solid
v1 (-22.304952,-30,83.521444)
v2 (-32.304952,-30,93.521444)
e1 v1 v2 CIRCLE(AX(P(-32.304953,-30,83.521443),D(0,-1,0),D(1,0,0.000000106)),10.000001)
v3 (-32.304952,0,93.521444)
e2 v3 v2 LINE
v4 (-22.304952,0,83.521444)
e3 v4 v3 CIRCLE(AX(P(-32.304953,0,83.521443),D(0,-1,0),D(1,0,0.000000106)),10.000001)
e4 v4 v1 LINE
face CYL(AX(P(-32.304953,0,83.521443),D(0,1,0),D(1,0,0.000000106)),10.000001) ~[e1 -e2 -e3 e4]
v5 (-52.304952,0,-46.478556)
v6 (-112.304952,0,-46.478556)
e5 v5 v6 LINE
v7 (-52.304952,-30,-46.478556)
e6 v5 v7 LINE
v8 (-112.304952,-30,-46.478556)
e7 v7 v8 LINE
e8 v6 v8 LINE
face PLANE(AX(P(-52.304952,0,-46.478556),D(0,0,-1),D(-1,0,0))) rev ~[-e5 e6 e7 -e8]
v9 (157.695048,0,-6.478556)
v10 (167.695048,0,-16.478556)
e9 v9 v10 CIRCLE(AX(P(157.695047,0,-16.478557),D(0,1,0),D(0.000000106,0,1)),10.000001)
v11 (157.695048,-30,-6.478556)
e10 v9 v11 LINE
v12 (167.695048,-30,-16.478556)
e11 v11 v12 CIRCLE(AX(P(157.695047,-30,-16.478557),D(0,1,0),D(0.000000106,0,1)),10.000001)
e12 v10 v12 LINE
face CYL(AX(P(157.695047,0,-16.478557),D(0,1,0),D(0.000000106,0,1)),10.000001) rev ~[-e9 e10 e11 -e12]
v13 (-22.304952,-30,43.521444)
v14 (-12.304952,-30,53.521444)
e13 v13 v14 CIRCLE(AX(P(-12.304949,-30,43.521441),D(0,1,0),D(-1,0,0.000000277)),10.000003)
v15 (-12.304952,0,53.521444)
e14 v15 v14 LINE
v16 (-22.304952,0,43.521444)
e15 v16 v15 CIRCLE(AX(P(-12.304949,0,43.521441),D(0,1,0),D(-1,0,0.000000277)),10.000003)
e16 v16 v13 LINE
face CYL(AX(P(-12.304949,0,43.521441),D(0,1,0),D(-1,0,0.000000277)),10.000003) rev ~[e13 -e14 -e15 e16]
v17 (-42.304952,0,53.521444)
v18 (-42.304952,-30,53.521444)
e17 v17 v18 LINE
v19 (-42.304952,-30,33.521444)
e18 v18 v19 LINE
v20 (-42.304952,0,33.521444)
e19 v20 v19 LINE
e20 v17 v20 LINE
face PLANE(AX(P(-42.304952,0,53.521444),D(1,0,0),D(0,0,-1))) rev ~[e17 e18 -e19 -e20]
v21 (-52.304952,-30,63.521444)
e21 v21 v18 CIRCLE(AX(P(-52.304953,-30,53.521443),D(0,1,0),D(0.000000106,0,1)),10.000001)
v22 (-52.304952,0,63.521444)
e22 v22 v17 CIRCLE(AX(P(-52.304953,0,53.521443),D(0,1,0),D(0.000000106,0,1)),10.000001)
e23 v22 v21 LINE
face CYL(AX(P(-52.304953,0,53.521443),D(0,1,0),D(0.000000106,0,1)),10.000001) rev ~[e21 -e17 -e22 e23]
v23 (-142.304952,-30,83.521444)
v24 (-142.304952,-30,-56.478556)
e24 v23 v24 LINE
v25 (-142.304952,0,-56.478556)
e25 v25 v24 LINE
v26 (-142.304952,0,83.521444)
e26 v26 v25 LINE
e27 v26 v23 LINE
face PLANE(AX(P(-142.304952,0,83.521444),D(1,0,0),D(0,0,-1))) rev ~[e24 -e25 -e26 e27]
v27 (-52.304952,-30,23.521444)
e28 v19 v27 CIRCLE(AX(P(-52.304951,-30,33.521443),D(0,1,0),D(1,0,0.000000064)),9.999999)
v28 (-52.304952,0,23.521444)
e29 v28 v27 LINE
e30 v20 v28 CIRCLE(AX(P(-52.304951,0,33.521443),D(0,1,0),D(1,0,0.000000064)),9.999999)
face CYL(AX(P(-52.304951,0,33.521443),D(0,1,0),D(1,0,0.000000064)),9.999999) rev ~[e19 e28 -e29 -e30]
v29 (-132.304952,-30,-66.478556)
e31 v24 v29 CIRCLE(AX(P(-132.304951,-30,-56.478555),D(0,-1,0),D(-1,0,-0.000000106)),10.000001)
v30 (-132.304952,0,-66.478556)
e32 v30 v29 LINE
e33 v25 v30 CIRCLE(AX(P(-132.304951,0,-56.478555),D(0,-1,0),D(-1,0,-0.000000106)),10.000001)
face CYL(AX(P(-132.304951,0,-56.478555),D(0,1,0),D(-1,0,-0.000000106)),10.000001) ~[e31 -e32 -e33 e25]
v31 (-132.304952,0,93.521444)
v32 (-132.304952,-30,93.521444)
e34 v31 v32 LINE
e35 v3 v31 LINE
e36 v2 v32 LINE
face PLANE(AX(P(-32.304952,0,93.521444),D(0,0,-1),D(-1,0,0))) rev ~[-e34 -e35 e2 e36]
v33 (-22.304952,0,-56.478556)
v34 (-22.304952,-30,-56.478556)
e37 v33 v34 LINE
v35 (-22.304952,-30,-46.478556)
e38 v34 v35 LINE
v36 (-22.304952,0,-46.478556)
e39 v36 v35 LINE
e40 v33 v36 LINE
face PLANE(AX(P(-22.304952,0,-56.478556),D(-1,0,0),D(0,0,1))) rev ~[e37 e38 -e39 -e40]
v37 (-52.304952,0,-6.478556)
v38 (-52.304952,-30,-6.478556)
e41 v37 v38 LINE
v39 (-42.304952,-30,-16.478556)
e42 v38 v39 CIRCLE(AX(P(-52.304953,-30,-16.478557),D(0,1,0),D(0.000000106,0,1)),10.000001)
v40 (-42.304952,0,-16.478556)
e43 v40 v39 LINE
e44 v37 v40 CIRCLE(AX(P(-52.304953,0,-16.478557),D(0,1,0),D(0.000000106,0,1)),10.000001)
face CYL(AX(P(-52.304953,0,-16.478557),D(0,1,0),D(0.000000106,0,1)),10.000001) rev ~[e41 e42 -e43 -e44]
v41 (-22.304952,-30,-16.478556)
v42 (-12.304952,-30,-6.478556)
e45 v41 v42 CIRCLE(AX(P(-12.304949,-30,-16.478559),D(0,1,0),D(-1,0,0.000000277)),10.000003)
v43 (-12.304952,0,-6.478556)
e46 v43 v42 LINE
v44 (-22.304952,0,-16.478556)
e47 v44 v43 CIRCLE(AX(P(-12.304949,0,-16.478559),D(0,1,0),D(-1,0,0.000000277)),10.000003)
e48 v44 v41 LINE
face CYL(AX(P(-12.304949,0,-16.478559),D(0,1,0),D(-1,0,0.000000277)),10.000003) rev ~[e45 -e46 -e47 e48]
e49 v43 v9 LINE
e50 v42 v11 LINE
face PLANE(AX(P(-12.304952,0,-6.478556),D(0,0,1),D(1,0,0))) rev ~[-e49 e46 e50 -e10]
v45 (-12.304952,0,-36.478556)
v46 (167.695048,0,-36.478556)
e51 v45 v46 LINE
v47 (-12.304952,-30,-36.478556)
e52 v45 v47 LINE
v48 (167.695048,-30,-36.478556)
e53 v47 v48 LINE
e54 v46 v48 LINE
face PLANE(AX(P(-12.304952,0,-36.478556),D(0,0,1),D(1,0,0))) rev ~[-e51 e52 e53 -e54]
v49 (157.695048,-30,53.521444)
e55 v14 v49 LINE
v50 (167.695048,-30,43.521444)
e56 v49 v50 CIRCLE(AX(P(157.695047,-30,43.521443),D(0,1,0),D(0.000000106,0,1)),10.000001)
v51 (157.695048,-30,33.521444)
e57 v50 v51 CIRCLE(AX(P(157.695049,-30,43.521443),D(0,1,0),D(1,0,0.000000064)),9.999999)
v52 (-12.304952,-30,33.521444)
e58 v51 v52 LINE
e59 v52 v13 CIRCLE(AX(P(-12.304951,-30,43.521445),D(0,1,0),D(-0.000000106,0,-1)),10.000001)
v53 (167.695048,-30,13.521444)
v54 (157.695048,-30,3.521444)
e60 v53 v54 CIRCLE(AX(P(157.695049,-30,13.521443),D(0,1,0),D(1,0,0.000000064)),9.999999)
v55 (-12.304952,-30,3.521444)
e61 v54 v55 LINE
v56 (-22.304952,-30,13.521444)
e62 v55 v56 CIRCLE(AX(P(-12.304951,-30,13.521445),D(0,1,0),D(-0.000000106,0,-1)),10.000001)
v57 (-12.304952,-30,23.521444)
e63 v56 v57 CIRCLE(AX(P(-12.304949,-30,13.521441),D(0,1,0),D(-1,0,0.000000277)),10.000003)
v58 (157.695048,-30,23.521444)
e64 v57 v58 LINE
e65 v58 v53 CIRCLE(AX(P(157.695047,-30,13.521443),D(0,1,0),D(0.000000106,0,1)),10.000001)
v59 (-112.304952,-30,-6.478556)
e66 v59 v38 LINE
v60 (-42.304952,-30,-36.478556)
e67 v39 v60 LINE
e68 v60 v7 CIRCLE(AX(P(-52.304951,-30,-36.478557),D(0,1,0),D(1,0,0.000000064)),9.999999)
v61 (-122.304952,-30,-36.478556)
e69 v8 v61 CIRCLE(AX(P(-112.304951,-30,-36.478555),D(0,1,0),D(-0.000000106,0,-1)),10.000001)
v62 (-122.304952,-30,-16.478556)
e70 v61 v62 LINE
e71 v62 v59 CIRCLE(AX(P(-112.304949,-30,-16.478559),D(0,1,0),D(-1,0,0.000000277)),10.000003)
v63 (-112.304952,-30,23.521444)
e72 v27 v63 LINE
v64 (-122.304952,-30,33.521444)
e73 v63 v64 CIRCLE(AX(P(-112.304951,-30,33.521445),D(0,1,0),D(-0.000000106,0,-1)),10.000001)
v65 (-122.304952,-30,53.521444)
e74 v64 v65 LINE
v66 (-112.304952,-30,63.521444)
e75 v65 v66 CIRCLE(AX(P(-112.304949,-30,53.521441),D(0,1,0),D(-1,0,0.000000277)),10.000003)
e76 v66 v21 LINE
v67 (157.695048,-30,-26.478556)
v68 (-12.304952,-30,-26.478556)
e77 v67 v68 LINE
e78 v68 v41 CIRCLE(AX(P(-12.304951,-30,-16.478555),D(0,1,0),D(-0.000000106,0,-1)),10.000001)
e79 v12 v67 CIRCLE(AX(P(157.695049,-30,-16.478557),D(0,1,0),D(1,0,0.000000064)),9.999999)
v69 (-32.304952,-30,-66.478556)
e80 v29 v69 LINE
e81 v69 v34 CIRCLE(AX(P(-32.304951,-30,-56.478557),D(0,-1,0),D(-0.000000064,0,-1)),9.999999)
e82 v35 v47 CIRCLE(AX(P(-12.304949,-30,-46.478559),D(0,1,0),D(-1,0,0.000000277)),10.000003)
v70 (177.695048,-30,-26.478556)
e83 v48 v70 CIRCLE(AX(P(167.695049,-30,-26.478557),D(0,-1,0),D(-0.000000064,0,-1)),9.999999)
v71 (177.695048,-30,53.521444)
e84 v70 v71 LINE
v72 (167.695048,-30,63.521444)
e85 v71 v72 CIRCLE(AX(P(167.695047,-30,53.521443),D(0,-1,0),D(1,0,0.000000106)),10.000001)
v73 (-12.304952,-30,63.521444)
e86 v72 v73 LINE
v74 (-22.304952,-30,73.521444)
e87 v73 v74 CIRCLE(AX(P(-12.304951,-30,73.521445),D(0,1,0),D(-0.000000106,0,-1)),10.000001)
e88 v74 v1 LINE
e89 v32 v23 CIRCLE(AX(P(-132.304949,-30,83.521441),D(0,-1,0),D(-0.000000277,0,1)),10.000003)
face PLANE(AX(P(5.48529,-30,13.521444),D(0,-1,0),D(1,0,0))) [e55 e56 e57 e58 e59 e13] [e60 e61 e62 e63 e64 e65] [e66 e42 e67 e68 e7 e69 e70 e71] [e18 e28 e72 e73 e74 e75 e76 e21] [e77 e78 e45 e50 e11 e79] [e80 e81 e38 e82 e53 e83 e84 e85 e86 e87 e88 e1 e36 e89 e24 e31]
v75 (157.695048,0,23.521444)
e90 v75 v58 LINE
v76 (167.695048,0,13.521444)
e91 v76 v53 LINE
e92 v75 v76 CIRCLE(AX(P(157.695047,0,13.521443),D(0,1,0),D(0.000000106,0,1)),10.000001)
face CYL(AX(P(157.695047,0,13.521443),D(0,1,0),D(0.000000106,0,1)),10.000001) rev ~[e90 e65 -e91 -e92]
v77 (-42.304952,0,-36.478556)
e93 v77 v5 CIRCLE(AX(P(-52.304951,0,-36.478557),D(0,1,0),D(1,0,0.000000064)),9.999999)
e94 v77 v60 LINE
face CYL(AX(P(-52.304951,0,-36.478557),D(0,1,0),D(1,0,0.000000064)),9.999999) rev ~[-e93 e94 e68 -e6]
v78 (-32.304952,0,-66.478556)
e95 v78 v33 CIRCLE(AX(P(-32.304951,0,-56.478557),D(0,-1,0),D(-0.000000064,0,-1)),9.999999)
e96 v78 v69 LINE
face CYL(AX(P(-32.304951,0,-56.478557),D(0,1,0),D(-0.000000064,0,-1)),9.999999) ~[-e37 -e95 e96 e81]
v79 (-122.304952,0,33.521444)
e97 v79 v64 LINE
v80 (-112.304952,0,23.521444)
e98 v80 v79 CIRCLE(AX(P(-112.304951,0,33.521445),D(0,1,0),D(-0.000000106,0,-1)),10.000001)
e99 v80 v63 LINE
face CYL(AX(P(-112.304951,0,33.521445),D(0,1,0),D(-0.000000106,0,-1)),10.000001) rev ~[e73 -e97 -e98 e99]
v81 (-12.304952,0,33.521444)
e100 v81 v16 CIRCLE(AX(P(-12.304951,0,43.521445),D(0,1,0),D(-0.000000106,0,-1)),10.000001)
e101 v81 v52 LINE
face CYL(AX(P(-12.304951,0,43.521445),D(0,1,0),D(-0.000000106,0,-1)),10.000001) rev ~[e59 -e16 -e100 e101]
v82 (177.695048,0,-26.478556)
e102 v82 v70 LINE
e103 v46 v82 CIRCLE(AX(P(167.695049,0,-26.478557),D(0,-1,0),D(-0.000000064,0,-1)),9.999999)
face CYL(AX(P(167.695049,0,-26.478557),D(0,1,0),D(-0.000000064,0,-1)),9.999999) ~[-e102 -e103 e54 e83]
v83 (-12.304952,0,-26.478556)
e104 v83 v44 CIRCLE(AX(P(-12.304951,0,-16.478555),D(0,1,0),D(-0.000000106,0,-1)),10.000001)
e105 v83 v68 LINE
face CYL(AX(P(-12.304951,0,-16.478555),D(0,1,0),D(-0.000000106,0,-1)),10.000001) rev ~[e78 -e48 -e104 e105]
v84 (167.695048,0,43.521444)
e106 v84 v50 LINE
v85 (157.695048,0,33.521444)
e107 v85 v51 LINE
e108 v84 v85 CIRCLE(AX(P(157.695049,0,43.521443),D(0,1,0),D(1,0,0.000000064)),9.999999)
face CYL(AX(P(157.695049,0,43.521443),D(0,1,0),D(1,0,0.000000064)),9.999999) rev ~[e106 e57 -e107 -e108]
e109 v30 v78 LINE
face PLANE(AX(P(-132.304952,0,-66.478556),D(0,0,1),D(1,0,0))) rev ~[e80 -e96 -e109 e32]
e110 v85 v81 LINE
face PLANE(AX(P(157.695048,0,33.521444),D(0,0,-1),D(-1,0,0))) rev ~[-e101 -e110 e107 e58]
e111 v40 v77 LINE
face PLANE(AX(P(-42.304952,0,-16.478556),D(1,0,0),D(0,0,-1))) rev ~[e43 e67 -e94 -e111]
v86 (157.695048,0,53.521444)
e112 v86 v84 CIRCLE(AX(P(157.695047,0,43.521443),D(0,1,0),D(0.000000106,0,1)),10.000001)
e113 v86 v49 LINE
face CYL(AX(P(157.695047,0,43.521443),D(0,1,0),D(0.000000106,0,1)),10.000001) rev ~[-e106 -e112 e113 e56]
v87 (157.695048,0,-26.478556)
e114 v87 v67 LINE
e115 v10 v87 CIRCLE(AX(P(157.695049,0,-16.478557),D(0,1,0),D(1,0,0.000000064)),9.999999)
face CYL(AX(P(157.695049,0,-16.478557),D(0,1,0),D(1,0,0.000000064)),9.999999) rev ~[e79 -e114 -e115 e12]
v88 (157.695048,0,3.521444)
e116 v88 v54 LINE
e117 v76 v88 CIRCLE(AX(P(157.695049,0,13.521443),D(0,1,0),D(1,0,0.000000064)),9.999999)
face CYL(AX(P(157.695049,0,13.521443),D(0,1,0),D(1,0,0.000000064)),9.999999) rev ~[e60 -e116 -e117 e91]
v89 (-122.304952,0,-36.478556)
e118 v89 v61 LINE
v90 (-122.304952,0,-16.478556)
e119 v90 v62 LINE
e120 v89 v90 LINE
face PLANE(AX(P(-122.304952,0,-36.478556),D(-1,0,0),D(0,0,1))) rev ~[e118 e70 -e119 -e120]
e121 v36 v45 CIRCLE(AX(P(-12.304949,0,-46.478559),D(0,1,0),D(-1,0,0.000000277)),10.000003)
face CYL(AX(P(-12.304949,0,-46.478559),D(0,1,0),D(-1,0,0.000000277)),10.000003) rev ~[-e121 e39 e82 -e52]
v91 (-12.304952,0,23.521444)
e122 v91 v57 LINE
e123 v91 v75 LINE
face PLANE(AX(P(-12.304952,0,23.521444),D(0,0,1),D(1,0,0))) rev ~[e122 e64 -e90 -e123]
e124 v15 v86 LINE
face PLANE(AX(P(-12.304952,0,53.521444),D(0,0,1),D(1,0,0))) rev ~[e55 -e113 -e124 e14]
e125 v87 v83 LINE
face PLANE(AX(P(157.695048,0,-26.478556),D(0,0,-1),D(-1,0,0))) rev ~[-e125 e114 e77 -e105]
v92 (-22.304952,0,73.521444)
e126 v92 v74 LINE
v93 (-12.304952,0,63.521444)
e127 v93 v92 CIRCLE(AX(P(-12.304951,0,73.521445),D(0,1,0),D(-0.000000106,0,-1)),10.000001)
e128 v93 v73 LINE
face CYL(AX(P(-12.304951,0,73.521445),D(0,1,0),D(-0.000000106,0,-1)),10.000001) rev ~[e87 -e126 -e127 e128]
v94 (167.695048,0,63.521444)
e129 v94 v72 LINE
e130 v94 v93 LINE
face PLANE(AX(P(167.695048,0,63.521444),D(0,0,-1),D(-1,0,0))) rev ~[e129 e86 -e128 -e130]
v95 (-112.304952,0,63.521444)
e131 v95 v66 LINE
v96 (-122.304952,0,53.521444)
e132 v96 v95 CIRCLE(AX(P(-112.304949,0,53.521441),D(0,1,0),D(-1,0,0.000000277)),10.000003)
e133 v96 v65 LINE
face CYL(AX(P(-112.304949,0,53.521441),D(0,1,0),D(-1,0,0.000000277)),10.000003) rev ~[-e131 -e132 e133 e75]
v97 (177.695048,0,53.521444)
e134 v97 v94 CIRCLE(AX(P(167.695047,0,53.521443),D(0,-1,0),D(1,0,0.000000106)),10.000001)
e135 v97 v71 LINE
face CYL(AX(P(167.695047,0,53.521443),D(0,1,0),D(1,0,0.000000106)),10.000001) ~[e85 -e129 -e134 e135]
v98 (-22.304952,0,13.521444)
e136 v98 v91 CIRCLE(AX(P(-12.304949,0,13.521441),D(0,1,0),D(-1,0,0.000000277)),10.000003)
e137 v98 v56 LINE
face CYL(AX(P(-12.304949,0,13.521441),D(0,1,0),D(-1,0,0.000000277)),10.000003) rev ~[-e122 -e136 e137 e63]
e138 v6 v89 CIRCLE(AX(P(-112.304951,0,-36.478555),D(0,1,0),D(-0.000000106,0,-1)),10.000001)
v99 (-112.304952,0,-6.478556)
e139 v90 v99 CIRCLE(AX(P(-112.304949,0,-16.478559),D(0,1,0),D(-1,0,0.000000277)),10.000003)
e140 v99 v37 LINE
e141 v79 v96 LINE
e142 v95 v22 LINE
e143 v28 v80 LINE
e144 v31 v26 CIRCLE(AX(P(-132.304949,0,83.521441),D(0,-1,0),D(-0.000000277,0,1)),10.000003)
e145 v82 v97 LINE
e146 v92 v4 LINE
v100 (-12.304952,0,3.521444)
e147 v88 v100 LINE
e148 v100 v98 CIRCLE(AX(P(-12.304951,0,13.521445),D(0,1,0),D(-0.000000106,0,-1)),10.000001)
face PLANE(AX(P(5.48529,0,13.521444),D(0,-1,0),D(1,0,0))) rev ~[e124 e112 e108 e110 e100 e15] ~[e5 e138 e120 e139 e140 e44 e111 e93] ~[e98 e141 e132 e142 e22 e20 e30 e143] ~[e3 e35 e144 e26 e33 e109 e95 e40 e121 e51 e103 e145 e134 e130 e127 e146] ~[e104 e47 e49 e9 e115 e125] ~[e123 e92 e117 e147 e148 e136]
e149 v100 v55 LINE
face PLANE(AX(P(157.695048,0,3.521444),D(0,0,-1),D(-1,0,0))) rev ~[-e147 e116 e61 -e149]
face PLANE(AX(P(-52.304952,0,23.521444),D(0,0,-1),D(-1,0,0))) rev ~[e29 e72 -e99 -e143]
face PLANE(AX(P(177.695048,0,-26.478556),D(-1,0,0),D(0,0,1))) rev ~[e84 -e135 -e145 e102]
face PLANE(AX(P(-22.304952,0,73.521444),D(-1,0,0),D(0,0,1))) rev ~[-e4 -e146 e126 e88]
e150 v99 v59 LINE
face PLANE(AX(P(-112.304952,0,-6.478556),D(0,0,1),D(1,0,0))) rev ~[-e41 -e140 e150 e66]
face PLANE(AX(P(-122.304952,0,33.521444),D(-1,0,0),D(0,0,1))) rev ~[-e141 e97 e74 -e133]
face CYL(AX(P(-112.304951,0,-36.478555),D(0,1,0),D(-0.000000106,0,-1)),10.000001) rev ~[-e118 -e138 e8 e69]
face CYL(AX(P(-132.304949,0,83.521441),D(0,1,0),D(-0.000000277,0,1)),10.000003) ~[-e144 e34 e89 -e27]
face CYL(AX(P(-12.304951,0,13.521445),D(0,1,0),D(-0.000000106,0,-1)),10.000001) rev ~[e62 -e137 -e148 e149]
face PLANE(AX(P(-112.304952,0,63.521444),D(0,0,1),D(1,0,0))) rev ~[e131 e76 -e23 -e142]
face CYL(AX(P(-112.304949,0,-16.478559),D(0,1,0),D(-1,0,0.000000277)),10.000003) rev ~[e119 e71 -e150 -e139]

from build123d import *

# Parameters (mm, degrees)
F1_DEPTH = 30


with BuildPart() as f1:
    # F0 (on Front) → F1 (new body)
    with BuildSketch(Plane.XZ):
        with BuildLine():
            Line((-32.304952, 93.521444), (-132.304952, 93.521444))
            ThreePointArc((-132.304952, 93.521444), (-139.376019, 90.592511), (-142.304952, 83.521444))
            Line((-142.304952, 83.521444), (-142.304952, -56.478556))
            ThreePointArc((-142.304952, -56.478556), (-139.376019, -63.549624), (-132.304952, -66.478556))
            Line((-132.304952, -66.478556), (-32.304952, -66.478556))
            ThreePointArc((-32.304952, -66.478556), (-25.233884, -63.549624), (-22.304952, -56.478556))
            Line((-22.304952, -56.478556), (-22.304952, -46.478556))
            ThreePointArc((-22.304952, -46.478556), (-19.376019, -39.407489), (-12.304952, -36.478556))
            Line((-12.304952, -36.478556), (167.695048, -36.478556))
            ThreePointArc((167.695048, -36.478556), (174.766116, -33.549624), (177.695048, -26.478556))
            Line((177.695048, -26.478556), (177.695048, 53.521444))
            ThreePointArc((177.695048, 53.521444), (174.766116, 60.592511), (167.695048, 63.521444))
            Line((167.695048, 63.521444), (-12.304952, 63.521444))
            ThreePointArc((-12.304952, 63.521444), (-19.376019, 66.450376), (-22.304952, 73.521444))
            Line((-22.304952, 73.521444), (-22.304952, 83.521444))
            ThreePointArc((-22.304952, 83.521444), (-25.233884, 90.592511), (-32.304952, 93.521444))
        make_face()
        with BuildLine():
            ThreePointArc((-122.304952, -16.478556), (-119.376019, -9.407489), (-112.304952, -6.478556))
            Line((-112.304952, -6.478556), (-52.304952, -6.478556))
            ThreePointArc((-52.304952, -6.478556), (-45.233884, -9.407489), (-42.304952, -16.478556))
            Line((-42.304952, -16.478556), (-42.304952, -36.478556))
            ThreePointArc((-42.304952, -36.478556), (-45.233884, -43.549624), (-52.304952, -46.478556))
            Line((-52.304952, -46.478556), (-112.304952, -46.478556))
            ThreePointArc((-112.304952, -46.478556), (-119.376019, -43.549624), (-122.304952, -36.478556))
            Line((-122.304952, -36.478556), (-122.304952, -16.478556))
        make_face(mode=Mode.SUBTRACT)
        with BuildLine():
            ThreePointArc((-22.304952, -16.478556), (-19.376019, -9.407489), (-12.304952, -6.478556))
            Line((-12.304952, -6.478556), (157.695048, -6.478556))
            ThreePointArc((157.695048, -6.478556), (164.766116, -9.407489), (167.695048, -16.478556))
            ThreePointArc((167.695048, -16.478556), (164.766116, -23.549624), (157.695048, -26.478556))
            Line((157.695048, -26.478556), (-12.304952, -26.478556))
            ThreePointArc((-12.304952, -26.478556), (-19.376019, -23.549624), (-22.304952, -16.478556))
        make_face(mode=Mode.SUBTRACT)
        with BuildLine():
            ThreePointArc((-122.304952, 53.521444), (-119.376019, 60.592511), (-112.304952, 63.521444))
            Line((-112.304952, 63.521444), (-52.304952, 63.521444))
            ThreePointArc((-52.304952, 63.521444), (-45.233884, 60.592511), (-42.304952, 53.521444))
            Line((-42.304952, 53.521444), (-42.304952, 33.521444))
            ThreePointArc((-42.304952, 33.521444), (-45.233884, 26.450376), (-52.304952, 23.521444))
            Line((-52.304952, 23.521444), (-112.304952, 23.521444))
            ThreePointArc((-112.304952, 23.521444), (-119.376019, 26.450376), (-122.304952, 33.521444))
            Line((-122.304952, 33.521444), (-122.304952, 53.521444))
        make_face(mode=Mode.SUBTRACT)
        with BuildLine():
            ThreePointArc((-22.304952, 13.521444), (-19.376019, 20.592511), (-12.304952, 23.521444))
            Line((-12.304952, 23.521444), (157.695048, 23.521444))
            ThreePointArc((157.695048, 23.521444), (164.766116, 20.592511), (167.695048, 13.521444))
            ThreePointArc((167.695048, 13.521444), (164.766116, 6.450376), (157.695048, 3.521444))
            Line((157.695048, 3.521444), (-12.304952, 3.521444))
            ThreePointArc((-12.304952, 3.521444), (-19.376019, 6.450376), (-22.304952, 13.521444))
        make_face(mode=Mode.SUBTRACT)
        with BuildLine():
            ThreePointArc((-22.304952, 43.521444), (-19.376019, 50.592511), (-12.304952, 53.521444))
            Line((-12.304952, 53.521444), (157.695048, 53.521444))
            ThreePointArc((157.695048, 53.521444), (164.766116, 50.592511), (167.695048, 43.521444))
            ThreePointArc((167.695048, 43.521444), (164.766116, 36.450376), (157.695048, 33.521444))
            Line((157.695048, 33.521444), (-12.304952, 33.521444))
            ThreePointArc((-12.304952, 33.521444), (-19.376019, 36.450376), (-22.304952, 43.521444))
        make_face(mode=Mode.SUBTRACT)
    extrude(amount=F1_DEPTH)


solid = f1.part
